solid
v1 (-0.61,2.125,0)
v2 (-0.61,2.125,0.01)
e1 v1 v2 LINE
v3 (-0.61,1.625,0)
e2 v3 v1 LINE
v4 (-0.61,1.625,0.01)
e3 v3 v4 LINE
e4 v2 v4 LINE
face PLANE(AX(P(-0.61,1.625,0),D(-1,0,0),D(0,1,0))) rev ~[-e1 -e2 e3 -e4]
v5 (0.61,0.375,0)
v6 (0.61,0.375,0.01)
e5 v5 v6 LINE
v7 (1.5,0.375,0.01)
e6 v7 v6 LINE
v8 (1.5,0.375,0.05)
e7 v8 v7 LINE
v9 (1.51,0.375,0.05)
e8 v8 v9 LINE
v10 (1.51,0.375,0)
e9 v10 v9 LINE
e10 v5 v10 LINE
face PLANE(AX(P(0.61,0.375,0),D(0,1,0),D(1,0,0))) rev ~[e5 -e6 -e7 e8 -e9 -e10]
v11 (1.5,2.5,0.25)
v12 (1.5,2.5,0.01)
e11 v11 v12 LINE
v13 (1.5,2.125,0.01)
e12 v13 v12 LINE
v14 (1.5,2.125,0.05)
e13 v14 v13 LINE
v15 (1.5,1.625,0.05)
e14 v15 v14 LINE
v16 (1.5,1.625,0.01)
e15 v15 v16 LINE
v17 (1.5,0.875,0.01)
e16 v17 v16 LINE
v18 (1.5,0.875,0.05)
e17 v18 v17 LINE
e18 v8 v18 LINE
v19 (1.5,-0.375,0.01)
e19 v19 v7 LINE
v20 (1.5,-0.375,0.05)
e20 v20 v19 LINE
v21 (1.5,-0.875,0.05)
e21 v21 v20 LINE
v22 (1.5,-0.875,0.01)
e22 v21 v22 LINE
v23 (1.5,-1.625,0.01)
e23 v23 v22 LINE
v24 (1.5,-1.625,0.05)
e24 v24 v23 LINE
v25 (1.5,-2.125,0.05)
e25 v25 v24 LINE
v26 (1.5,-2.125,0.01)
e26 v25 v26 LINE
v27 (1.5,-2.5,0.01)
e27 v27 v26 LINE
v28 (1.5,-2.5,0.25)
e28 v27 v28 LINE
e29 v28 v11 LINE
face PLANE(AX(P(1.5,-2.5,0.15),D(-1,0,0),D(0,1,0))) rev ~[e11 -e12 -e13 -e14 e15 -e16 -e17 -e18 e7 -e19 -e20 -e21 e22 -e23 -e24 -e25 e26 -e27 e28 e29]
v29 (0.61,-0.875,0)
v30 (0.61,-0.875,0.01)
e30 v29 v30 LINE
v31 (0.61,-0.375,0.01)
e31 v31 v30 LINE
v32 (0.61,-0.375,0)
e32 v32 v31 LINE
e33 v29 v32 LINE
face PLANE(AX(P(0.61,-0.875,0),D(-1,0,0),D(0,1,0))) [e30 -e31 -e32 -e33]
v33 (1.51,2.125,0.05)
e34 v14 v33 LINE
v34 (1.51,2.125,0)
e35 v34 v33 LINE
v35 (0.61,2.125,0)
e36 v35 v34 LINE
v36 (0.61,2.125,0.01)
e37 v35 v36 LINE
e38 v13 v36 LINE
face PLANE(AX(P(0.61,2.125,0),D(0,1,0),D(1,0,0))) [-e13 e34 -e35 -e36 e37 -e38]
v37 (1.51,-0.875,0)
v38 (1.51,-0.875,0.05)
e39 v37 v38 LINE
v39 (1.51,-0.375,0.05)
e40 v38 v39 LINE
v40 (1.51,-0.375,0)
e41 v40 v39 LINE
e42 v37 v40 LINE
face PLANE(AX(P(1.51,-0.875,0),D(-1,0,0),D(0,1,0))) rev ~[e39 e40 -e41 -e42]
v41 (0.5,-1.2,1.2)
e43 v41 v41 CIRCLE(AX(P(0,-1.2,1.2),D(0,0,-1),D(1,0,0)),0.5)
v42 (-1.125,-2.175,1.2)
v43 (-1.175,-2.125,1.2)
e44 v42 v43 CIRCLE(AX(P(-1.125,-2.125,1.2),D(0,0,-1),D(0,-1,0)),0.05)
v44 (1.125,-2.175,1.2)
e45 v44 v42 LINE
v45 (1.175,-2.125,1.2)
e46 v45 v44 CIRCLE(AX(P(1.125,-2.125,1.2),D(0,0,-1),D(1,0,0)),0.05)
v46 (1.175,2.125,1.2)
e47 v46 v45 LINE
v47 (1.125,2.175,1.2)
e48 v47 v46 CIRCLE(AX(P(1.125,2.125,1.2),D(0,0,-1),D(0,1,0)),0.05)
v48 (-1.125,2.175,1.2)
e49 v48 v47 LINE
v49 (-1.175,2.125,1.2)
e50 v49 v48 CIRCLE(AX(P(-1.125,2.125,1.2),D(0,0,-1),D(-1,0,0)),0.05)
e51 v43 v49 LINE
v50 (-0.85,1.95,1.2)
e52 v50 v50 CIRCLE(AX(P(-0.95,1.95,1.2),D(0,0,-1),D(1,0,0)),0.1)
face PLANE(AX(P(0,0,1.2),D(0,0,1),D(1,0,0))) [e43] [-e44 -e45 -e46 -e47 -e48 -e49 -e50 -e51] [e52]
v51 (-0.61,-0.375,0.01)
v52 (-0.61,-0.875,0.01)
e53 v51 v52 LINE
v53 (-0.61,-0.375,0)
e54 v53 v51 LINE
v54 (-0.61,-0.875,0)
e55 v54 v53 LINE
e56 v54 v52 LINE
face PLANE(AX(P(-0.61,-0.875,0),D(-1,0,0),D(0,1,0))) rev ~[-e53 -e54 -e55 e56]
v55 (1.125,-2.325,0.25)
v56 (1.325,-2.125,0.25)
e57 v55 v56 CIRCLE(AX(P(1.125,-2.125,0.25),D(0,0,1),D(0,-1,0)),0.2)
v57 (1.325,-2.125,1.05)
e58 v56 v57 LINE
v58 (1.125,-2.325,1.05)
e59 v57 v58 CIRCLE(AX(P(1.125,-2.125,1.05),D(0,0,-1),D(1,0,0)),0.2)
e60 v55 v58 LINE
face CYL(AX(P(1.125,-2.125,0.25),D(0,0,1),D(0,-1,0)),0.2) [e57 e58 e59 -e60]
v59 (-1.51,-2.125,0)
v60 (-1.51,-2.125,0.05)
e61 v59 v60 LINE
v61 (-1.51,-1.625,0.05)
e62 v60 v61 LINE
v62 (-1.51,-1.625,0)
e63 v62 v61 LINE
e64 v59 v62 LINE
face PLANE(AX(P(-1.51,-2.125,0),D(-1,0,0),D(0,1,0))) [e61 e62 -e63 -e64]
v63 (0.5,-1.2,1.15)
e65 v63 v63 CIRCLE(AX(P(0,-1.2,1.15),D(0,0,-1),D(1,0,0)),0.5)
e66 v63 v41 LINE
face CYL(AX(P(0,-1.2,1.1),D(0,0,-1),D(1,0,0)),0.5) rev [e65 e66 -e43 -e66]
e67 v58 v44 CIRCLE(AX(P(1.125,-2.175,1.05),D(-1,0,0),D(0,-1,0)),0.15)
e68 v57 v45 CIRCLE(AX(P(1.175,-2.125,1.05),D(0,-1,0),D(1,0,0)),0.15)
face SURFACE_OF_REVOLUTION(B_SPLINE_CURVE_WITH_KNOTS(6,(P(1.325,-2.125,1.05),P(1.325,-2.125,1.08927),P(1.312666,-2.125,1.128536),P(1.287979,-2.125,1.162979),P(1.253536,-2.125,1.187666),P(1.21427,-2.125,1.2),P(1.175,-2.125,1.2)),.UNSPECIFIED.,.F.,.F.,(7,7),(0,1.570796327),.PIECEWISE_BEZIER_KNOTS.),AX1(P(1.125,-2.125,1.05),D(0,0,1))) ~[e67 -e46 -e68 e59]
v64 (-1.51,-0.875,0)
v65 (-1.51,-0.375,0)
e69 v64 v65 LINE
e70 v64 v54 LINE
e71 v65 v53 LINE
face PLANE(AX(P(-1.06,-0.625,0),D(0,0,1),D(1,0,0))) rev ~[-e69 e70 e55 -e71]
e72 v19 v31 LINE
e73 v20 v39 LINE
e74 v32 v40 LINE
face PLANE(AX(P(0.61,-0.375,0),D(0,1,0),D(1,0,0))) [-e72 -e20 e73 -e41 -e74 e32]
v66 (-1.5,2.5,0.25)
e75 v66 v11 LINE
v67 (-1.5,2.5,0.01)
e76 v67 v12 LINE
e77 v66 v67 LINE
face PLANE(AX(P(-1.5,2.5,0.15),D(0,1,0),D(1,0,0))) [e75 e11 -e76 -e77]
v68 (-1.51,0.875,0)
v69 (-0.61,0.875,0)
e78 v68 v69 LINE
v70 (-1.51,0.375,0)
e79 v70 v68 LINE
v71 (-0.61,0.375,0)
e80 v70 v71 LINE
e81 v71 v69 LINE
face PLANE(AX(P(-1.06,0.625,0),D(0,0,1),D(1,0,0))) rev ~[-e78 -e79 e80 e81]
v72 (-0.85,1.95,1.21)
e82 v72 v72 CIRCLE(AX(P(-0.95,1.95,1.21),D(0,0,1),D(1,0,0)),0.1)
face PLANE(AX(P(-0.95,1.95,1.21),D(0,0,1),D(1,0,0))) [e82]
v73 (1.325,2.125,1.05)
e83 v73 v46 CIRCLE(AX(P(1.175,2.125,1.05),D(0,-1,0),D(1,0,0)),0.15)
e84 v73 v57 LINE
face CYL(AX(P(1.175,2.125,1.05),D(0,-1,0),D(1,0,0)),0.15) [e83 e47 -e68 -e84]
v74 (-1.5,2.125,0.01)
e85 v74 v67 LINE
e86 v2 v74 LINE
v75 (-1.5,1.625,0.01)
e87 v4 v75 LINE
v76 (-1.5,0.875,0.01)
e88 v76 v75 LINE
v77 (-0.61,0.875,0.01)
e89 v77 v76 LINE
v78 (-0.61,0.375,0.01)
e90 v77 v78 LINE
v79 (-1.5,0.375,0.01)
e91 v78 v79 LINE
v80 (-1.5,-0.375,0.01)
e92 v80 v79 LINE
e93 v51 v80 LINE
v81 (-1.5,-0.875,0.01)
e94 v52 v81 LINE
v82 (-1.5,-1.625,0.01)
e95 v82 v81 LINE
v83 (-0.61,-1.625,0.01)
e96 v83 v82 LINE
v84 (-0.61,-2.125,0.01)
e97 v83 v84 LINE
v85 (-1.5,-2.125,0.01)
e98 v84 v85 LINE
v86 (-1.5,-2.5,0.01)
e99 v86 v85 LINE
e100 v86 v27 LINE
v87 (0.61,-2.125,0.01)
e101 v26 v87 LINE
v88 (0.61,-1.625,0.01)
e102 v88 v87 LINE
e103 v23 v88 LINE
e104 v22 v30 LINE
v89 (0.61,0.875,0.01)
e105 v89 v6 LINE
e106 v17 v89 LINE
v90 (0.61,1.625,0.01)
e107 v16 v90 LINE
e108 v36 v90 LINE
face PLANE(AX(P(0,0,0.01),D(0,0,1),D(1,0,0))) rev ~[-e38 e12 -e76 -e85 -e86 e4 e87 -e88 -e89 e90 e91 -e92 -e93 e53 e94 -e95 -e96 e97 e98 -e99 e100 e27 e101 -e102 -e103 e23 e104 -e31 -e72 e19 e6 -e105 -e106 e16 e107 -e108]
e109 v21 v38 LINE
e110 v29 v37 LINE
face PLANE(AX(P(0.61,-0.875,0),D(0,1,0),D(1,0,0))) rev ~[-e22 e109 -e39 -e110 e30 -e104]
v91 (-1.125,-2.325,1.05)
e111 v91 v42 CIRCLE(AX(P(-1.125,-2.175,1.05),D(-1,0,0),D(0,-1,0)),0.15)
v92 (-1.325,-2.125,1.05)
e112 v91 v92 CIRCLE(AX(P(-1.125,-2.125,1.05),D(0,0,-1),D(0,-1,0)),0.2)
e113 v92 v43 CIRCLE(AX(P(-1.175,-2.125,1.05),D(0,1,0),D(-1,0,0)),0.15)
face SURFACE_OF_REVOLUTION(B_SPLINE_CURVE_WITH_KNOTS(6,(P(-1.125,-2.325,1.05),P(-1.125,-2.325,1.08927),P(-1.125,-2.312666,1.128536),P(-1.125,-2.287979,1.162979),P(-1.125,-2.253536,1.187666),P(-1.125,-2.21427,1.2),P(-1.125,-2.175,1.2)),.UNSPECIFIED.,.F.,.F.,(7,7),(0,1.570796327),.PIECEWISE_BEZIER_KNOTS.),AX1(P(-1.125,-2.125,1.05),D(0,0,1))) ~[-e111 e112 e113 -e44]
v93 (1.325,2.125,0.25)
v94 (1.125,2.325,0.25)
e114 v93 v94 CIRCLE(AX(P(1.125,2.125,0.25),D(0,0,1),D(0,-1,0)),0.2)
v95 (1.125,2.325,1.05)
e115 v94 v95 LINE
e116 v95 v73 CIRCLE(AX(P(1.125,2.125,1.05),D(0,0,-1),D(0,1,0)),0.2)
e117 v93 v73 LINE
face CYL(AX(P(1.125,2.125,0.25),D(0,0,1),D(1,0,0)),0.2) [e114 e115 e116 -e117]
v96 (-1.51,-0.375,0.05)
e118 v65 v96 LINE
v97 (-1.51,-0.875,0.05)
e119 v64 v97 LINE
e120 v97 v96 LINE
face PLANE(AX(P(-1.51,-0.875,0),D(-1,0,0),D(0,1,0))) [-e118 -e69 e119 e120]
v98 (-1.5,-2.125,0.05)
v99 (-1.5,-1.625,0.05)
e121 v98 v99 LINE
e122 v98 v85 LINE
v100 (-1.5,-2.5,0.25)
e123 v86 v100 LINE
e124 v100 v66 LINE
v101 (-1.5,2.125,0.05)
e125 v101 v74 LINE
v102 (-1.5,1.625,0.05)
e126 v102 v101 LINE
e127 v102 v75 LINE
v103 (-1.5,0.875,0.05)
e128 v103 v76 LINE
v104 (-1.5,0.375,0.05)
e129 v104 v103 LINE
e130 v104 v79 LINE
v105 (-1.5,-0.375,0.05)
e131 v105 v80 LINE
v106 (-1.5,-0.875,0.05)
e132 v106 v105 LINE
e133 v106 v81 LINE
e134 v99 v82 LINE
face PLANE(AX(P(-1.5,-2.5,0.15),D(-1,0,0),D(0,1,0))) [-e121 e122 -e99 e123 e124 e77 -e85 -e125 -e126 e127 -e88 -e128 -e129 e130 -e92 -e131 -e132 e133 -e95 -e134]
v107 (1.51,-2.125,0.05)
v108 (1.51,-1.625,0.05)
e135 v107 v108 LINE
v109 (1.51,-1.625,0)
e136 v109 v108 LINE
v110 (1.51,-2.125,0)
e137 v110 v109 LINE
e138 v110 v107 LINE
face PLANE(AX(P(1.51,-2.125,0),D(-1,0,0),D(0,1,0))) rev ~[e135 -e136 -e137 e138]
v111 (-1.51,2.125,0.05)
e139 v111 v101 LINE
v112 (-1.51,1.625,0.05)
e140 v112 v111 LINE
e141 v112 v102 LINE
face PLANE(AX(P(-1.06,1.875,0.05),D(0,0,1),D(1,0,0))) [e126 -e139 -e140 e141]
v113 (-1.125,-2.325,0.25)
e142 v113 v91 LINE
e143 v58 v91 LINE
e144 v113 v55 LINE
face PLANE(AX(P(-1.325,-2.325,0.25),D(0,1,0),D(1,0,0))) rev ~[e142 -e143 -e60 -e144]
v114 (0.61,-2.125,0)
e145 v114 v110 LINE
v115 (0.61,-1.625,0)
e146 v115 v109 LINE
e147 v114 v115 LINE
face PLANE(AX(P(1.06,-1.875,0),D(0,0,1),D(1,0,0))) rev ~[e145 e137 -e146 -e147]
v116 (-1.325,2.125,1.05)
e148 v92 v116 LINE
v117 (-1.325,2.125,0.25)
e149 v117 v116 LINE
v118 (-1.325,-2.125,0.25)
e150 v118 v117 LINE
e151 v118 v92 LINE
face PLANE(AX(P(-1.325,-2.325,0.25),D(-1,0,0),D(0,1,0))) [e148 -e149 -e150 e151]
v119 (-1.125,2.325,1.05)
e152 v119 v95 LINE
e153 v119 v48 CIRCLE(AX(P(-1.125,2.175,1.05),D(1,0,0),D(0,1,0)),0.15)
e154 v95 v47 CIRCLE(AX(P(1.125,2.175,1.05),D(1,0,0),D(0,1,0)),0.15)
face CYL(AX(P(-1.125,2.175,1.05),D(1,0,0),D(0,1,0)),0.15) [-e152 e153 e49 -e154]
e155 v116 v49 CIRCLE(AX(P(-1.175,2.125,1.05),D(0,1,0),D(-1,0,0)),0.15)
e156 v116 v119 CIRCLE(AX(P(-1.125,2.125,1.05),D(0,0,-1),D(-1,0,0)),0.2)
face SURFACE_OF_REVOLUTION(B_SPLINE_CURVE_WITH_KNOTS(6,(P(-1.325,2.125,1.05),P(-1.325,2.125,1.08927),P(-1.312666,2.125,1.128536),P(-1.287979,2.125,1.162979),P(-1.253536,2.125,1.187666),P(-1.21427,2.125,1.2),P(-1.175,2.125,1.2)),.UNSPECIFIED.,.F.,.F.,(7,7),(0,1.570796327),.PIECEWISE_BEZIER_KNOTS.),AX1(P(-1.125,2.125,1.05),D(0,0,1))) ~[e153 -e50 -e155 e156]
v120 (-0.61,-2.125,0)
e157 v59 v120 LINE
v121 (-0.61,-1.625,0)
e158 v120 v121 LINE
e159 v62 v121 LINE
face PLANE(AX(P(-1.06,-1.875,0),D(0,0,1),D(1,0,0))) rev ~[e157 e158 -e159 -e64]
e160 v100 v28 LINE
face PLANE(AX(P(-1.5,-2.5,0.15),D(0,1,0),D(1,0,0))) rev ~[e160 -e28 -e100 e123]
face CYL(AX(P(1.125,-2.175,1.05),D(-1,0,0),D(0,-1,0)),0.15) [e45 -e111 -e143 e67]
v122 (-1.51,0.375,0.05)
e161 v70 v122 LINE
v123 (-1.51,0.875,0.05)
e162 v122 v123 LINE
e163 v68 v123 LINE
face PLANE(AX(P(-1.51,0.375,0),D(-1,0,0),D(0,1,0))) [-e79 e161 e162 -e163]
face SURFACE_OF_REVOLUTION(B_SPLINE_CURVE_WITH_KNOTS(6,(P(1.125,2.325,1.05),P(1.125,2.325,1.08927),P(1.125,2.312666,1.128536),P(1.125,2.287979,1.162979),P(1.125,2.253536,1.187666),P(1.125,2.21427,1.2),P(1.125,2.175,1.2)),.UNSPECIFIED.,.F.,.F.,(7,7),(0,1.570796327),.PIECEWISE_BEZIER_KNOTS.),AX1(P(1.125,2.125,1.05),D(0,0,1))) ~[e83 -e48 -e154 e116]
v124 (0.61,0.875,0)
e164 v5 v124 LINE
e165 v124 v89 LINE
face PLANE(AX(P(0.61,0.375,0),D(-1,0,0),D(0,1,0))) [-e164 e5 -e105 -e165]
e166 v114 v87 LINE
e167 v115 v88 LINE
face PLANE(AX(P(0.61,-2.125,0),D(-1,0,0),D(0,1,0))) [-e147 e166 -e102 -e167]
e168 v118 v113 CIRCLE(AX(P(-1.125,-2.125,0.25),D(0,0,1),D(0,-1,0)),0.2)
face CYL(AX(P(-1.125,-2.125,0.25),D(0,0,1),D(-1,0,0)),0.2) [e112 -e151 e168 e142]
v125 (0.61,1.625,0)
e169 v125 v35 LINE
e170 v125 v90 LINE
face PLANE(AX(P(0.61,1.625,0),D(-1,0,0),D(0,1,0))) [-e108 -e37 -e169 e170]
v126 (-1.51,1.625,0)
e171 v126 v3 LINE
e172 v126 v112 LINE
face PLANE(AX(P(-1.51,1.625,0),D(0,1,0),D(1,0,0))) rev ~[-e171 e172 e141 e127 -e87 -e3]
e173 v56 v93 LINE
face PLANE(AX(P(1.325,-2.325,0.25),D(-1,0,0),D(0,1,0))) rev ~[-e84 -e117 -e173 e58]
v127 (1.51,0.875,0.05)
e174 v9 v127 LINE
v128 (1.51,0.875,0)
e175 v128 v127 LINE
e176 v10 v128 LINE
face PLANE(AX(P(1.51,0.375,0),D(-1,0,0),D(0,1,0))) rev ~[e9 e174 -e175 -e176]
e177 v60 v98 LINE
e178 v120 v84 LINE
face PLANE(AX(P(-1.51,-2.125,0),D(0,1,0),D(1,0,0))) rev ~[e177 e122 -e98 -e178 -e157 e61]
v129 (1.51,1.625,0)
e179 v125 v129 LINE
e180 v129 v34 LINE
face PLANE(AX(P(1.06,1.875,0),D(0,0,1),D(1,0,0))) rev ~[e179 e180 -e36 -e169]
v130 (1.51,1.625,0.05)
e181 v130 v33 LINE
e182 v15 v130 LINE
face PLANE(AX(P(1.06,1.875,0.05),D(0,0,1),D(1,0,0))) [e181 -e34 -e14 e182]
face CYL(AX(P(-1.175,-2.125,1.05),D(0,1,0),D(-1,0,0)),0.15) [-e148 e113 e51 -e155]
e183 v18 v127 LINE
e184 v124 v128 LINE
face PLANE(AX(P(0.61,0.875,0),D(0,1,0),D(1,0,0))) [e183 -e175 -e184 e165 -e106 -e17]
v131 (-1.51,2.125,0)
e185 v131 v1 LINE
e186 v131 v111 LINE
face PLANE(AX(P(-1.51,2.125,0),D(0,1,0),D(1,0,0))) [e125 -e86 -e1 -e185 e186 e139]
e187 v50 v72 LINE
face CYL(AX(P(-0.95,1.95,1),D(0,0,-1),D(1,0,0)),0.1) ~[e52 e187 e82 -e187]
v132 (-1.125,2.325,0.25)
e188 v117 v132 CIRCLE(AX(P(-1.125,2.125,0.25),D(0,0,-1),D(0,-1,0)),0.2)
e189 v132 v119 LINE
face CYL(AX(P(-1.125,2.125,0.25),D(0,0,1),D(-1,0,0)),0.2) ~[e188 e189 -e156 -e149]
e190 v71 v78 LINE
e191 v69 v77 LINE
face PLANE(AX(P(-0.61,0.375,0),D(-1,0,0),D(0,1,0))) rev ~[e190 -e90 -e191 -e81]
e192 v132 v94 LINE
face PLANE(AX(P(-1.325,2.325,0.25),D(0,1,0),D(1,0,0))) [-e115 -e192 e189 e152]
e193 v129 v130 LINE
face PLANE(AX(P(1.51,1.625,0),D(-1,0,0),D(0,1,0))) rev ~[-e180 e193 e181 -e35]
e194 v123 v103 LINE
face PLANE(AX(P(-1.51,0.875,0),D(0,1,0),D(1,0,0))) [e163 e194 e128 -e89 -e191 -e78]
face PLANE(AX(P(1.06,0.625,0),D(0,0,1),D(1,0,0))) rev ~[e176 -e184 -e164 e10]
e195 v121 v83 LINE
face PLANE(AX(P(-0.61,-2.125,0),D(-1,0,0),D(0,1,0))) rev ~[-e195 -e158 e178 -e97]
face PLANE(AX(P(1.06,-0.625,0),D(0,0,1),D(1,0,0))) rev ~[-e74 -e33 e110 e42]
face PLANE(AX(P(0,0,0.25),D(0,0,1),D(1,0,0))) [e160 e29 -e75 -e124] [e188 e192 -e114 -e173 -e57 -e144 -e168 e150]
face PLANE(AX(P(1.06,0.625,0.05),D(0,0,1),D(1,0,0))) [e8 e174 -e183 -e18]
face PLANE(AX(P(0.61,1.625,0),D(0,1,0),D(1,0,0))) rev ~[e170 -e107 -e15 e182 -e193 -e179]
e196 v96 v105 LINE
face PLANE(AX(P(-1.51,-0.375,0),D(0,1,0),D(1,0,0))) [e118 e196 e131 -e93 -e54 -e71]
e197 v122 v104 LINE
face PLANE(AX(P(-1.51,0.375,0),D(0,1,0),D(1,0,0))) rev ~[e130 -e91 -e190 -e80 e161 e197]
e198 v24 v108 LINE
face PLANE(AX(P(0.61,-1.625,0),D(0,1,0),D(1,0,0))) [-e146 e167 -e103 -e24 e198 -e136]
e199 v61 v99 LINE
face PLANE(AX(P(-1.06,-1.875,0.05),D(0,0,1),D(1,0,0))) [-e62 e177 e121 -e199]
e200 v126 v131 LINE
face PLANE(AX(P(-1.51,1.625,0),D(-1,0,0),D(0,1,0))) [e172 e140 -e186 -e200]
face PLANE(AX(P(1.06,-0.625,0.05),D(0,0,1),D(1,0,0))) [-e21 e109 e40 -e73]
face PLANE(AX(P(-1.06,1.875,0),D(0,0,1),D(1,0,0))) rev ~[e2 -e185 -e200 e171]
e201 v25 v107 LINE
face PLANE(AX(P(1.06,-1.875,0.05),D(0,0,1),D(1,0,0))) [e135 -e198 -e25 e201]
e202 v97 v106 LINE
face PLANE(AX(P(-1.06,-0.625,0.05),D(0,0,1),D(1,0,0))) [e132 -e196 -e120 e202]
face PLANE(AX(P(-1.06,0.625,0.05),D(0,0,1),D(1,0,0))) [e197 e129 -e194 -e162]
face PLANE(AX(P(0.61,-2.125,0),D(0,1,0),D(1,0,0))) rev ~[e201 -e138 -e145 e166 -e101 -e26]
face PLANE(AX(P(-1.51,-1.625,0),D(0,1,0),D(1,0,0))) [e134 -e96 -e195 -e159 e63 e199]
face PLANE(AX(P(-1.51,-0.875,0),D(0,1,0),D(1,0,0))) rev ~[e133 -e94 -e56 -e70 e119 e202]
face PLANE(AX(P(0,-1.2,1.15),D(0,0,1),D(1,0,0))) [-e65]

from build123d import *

# Parameters (mm, degrees)
BOX008_W          = 0.9
BOX008_H          = 0.5
BOX008_DEPTH      = 0.05
BOX009_W          = 0.9
BOX009_H          = 0.5
BOX009_DEPTH      = 0.05
BOX010_W          = 0.9
BOX010_H          = 0.5
BOX010_DEPTH      = 0.05
BOX007_W          = 0.9
BOX007_H          = 0.5
BOX007_DEPTH      = 0.05
BOX003_W          = 0.9
BOX003_H          = 0.5
BOX003_DEPTH      = 0.05
BOX006_W          = 0.9
BOX006_H          = 0.5
BOX006_DEPTH      = 0.05
BOX004_W          = 0.9
BOX004_H          = 0.5
BOX004_DEPTH      = 0.05
BOX005_W          = 0.9
BOX005_H          = 0.5
BOX005_DEPTH      = 0.05
CYLINDER_R        = 0.5
CYLINDER_DEPTH    = 0.2
BOX002_W          = 2.65
BOX002_H          = 4.65
BOX002_DEPTH      = 0.95
FILLET_R          = 0.2
FILLET001_R       = 0.15
BOX001_W          = 3
BOX001_H          = 5
BOX001_DEPTH      = 0.1
CYLINDER001_R     = 1
CYLINDER001_DEPTH = 0.1
CYLINDER002_R     = 0.1
CYLINDER002_DEPTH = 0.21
BOX_W             = 3
BOX_H             = 5
BOX_DEPTH         = 0.14


with BuildPart() as cube006:
    # Box008 → Box008 (new body)
    with BuildSketch(Plane(origin=(0.61, 0.375, 0), x_dir=(1, 0, 0), z_dir=(0, 0, 1))):
        with Locations((0.45, 0.25)):
            Rectangle(BOX008_W, BOX008_H)
    extrude(amount=BOX008_DEPTH)


with BuildPart() as cube007:
    # Box009 → Box009 (new body)
    with BuildSketch(Plane(origin=(0.61, -2.125, 0), x_dir=(1, 0, 0), z_dir=(0, 0, 1))):
        with Locations((0.45, 0.25)):
            Rectangle(BOX009_W, BOX009_H)
    extrude(amount=BOX009_DEPTH)


with BuildPart() as cube008:
    # Box010 → Box010 (new body)
    with BuildSketch(Plane(origin=(0.61, 1.625, 0), x_dir=(1, 0, 0), z_dir=(0, 0, 1))):
        with Locations((0.45, 0.25)):
            Rectangle(BOX010_W, BOX010_H)
    extrude(amount=BOX010_DEPTH)


with BuildPart() as fusion002:
    # Box007 → Box007 (new body)
    with BuildSketch(Plane(origin=(0.61, -0.875, 0), x_dir=(1, 0, 0), z_dir=(0, 0, 1))):
        with Locations((0.45, 0.25)):
            Rectangle(BOX007_W, BOX007_H)
    extrude(amount=BOX007_DEPTH)

    # Fusion002: union Cube006, Cube007, Cube008
    add(cube006.part)
    add(cube007.part)
    add(cube008.part)


with BuildPart() as fusion002_1:
    # Fusion002 placement: moved
    add(fusion002.part.moved(Location((-2.12, 0, 0))))


with BuildPart() as cube001:
    # Box003 → Box003 (new body)
    with BuildSketch(Plane(origin=(0.61, 0.375, 0), x_dir=(1, 0, 0), z_dir=(0, 0, 1))):
        with Locations((0.45, 0.25)):
            Rectangle(BOX003_W, BOX003_H)
    extrude(amount=BOX003_DEPTH)


with BuildPart() as cube004:
    # Box006 → Box006 (new body)
    with BuildSketch(Plane(origin=(0.61, -2.125, 0), x_dir=(1, 0, 0), z_dir=(0, 0, 1))):
        with Locations((0.45, 0.25)):
            Rectangle(BOX006_W, BOX006_H)
    extrude(amount=BOX006_DEPTH)


with BuildPart() as cube002:
    # Box004 → Box004 (new body)
    with BuildSketch(Plane(origin=(0.61, 1.625, 0), x_dir=(1, 0, 0), z_dir=(0, 0, 1))):
        with Locations((0.45, 0.25)):
            Rectangle(BOX004_W, BOX004_H)
    extrude(amount=BOX004_DEPTH)


with BuildPart() as pads:
    # Box005 → Box005 (new body)
    with BuildSketch(Plane(origin=(0.61, -0.875, 0), x_dir=(1, 0, 0), z_dir=(0, 0, 1))):
        with Locations((0.45, 0.25)):
            Rectangle(BOX005_W, BOX005_H)
    extrude(amount=BOX005_DEPTH)

    # Fusion001: union Cube001, Cube004, Cube002
    add(cube001.part)
    add(cube004.part)
    add(cube002.part)

    # Fusion003: union Fusion002
    add(fusion002_1.part)


with BuildPart() as cylinder:
    # Cylinder → Cylinder (new body)
    with BuildSketch(Plane(origin=(0, -1.2, 1.1), x_dir=(1, 0, 0), z_dir=(0, 0, 1))):
        Circle(CYLINDER_R)
    extrude(amount=CYLINDER_DEPTH)


with BuildPart() as cut:
    # Box002 → Box002 (new body)
    with BuildSketch(Plane(origin=(-1.325, -2.325, 0.25), x_dir=(1, 0, 0), z_dir=(0, 0, 1))):
        with Locations((1.325, 2.325)):
            Rectangle(BOX002_W, BOX002_H)
    extrude(amount=BOX002_DEPTH)

    # Fillet
    fillet_edges = [cut.edges().sort_by_distance(p)[0] for p in [
        (-1.325, -2.325, 0.725),
        (-1.325, 2.325, 0.725),
        (1.325, -2.325, 0.725),
        (1.325, 2.325, 0.725),
    ]]
    fillet(fillet_edges, radius=FILLET_R)

    # Fillet001
    fillet001_edges = [cut.edges().sort_by_distance(p)[0] for p in [
        (-1.325, 0, 1.2),
        (-1.266421, -2.266421, 1.2),
        (-1.266421, 2.266421, 1.2),
        (0, -2.325, 1.2),
        (0, 2.325, 1.2),
        (1.266421, -2.266421, 1.2),
        (1.266421, 2.266421, 1.2),
        (1.325, 0, 1.2),
    ]]
    fillet(fillet001_edges, radius=FILLET001_R)

    # Cut: cut Cylinder
    add(cylinder.part, mode=Mode.SUBTRACT)


with BuildPart() as body:
    # Box001 → Box001 (new body)
    with BuildSketch(Plane(origin=(-1.5, -2.5, 0.15), x_dir=(1, 0, 0), z_dir=(0, 0, 1))):
        with Locations((1.5, 2.5)):
            Rectangle(BOX001_W, BOX001_H)
    extrude(amount=BOX001_DEPTH)

    # Fusion: union Cut
    add(cut.part)


with BuildPart() as air_vent_hole:
    # Cylinder001 → Cylinder001 (new body)
    with BuildSketch(Plane(origin=(0, -1.2, 1.05), x_dir=(1, 0, 0), z_dir=(0, 0, 1))):
        Circle(CYLINDER001_R)
    extrude(amount=CYLINDER001_DEPTH)


with BuildPart() as pin_1_marker:
    # Cylinder002 → Cylinder002 (new body)
    with BuildSketch(Plane(origin=(-0.95, 1.95, 1), x_dir=(1, 0, 0), z_dir=(0, 0, 1))):
        Circle(CYLINDER002_R)
    extrude(amount=CYLINDER002_DEPTH)


with BuildPart() as mpl115a1:
    # Box → Box (new body)
    with BuildSketch(Plane(origin=(-1.5, -2.5, 0.01), x_dir=(1, 0, 0), z_dir=(0, 0, 1))):
        with Locations((1.5, 2.5)):
            Rectangle(BOX_W, BOX_H)
    extrude(amount=BOX_DEPTH)

    # Fusion004: union Pads, Body, Air vent hole, Pin 1 marker
    add(pads.part)
    add(body.part)
    add(air_vent_hole.part)
    add(pin_1_marker.part)


solid = mpl115a1.part
